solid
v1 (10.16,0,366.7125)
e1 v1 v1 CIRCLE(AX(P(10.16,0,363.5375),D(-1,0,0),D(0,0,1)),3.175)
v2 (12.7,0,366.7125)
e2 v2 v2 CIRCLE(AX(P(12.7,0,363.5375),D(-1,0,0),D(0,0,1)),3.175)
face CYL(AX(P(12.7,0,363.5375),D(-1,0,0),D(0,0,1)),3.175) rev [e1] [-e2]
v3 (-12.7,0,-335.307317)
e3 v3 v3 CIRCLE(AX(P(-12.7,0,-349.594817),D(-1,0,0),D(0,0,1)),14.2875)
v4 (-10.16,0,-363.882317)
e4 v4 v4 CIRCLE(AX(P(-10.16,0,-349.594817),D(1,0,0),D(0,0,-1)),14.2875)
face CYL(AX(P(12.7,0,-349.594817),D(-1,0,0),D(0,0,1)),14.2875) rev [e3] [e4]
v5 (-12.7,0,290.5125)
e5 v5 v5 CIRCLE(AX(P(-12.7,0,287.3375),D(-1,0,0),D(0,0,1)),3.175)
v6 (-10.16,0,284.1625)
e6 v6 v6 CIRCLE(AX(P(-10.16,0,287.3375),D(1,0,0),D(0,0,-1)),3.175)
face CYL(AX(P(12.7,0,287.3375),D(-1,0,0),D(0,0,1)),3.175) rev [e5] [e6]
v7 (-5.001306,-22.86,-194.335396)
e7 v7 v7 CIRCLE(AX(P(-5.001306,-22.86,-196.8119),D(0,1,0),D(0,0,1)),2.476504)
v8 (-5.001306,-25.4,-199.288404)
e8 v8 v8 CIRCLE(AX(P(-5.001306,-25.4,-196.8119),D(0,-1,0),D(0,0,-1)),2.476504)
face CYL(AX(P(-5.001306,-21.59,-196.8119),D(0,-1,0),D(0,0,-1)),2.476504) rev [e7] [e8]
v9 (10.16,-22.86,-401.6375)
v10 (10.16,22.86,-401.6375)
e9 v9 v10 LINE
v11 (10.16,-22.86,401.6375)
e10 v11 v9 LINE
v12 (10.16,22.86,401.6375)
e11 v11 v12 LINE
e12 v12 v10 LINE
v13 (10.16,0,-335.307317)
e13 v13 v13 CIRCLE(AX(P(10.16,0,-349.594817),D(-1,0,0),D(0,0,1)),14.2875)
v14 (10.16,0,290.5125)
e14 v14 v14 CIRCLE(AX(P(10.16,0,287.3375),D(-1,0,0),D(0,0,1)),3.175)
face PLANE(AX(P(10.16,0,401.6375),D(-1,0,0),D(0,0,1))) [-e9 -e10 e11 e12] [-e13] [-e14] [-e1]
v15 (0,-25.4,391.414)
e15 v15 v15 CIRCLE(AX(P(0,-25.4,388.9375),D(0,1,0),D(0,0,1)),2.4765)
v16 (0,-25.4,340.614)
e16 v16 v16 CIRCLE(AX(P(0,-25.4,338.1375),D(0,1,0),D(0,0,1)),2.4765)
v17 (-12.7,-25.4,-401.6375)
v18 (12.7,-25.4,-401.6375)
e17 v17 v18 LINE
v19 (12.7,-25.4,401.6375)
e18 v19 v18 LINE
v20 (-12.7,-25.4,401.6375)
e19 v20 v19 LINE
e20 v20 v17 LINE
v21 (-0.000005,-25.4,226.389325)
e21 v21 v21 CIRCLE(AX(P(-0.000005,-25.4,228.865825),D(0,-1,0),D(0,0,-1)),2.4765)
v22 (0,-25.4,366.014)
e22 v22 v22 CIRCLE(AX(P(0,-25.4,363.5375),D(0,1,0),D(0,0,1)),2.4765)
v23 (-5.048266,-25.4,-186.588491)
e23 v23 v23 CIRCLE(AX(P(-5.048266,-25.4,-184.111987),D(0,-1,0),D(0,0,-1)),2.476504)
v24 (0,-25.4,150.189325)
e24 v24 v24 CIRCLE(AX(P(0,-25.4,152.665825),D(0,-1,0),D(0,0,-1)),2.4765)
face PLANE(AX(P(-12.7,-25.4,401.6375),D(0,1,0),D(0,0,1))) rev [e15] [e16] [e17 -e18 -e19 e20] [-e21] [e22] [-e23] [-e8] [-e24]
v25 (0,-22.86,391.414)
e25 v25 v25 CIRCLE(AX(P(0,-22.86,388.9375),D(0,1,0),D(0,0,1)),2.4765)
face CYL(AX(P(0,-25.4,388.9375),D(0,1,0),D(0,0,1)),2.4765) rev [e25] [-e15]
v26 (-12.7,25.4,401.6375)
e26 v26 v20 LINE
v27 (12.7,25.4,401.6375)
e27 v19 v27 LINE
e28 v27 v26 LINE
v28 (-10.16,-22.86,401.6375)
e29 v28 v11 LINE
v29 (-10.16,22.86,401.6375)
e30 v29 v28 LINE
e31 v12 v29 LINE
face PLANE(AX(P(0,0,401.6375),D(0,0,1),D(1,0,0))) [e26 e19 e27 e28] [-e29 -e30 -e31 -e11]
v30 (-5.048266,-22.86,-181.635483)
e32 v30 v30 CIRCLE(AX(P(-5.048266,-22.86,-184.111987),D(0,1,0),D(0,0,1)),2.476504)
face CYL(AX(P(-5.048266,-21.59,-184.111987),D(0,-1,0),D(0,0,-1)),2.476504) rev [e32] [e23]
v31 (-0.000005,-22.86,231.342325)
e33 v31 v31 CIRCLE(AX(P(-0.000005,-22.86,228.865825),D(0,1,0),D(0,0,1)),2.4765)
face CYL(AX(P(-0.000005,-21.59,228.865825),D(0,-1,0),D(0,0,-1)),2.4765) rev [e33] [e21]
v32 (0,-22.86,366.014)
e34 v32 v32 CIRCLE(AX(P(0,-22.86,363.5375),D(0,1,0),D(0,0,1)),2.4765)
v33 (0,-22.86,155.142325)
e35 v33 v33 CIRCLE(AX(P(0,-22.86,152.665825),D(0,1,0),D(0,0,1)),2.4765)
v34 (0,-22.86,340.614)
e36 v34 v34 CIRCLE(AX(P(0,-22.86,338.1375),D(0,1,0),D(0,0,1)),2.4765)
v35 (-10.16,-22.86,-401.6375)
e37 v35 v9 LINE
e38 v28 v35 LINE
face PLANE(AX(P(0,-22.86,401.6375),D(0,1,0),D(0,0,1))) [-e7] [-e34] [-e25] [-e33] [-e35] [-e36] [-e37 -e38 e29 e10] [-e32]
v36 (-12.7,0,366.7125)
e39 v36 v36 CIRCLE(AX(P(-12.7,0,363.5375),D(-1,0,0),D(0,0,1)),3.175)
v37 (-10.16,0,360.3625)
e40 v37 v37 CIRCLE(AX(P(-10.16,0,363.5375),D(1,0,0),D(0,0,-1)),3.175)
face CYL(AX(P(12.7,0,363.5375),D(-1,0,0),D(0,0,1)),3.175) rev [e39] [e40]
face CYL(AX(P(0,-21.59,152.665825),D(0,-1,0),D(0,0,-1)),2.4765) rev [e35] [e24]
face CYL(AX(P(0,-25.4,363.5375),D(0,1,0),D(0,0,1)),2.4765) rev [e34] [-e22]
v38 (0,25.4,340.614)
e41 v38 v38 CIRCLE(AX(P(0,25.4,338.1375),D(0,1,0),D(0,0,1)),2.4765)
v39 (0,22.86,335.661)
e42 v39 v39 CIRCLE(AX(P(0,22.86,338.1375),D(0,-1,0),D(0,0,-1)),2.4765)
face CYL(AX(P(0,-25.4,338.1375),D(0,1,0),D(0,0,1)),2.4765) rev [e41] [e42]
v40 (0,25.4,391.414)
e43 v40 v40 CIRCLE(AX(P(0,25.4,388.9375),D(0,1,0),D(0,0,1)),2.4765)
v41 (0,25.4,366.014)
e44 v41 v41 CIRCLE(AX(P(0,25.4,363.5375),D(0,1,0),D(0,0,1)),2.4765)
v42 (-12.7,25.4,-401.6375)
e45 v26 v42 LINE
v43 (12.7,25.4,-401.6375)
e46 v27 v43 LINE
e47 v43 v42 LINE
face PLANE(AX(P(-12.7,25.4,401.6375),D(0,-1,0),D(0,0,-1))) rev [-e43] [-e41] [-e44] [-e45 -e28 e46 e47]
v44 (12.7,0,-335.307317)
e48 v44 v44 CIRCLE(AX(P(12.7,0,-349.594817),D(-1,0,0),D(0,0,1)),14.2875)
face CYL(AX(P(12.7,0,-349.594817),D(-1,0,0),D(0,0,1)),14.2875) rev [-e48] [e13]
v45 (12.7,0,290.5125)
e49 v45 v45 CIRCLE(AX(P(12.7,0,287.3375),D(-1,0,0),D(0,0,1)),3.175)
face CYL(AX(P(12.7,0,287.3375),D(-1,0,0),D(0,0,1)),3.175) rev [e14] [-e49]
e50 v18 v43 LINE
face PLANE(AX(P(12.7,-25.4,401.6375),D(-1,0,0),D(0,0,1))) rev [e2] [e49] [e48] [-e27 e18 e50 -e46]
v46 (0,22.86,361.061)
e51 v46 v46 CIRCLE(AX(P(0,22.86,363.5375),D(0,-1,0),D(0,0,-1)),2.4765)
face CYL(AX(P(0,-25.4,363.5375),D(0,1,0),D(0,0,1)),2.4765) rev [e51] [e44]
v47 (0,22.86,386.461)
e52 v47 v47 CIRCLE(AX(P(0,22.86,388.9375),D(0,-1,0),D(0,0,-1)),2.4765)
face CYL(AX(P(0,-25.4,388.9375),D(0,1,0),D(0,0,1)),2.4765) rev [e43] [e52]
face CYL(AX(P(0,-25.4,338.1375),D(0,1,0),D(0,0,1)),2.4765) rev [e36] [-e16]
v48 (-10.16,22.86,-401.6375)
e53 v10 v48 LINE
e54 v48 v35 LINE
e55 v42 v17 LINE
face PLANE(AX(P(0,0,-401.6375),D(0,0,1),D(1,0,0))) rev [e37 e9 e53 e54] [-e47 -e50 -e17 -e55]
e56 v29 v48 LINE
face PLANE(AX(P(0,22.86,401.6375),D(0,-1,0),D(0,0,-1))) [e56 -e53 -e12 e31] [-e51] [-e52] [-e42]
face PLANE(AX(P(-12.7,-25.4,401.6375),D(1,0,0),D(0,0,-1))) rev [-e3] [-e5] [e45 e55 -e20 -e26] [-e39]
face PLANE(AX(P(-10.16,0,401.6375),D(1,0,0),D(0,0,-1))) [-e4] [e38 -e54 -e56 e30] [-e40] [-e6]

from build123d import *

# Parameters (mm, degrees)
SKETCH1_W           = 25.4
SKETCH1_H           = 50.8
SKETCH1_W_2         = 20.32
SKETCH1_H_2         = 45.72
EXTRUDE_THIN1_DEPTH = 401.6375
SKETCH2_R           = 14.2875
CUT_EXTRUDE1_DEPTH  = 26.4
SKETCH3_R           = 3.175
CUT_EXTRUDE2_DEPTH  = 26.4
SKETCH5_R           = 2.4765
CUT_EXTRUDE4_DEPTH  = 3.81
SKETCH7_R           = 2.4765
CUT_EXTRUDE5_DEPTH  = 51.8
SKETCH8_R           = 2.476504233
CUT_EXTRUDE6_DEPTH  = 3.81


with BuildPart() as part:
    # Sketch1 → Extrude-Thin1 (new body, symmetric)
    with BuildSketch(Plane.XY):
        Rectangle(SKETCH1_W, SKETCH1_H)
        Rectangle(SKETCH1_W_2, SKETCH1_H_2, mode=Mode.SUBTRACT)
    extrude(amount=EXTRUDE_THIN1_DEPTH, both=True)

    # Sketch2 → Cut-Extrude1 (cut, through all)
    with BuildSketch(Plane.ZY.offset(12.7)):
        with Locations((-349.59481695, 0)):
            Circle(SKETCH2_R)
    extrude(amount=-CUT_EXTRUDE1_DEPTH, mode=Mode.SUBTRACT)

    # Sketch3 → Cut-Extrude2 (cut, through all)
    with BuildSketch(Plane.ZY.offset(12.7)):
        with Locations((363.5375, 0)):
            Circle(SKETCH3_R)
        with Locations((287.3375, 0)):
            Circle(SKETCH3_R)
    extrude(amount=-CUT_EXTRUDE2_DEPTH, mode=Mode.SUBTRACT)

    # Sketch5 → Cut-Extrude4 (cut)
    with BuildSketch(Plane.XZ.offset(25.4)):
        with Locations((-5.11e-06, 228.865824925)):
            Circle(SKETCH5_R)
        with Locations((0, 152.665824925)):
            Circle(SKETCH5_R)
    extrude(amount=-CUT_EXTRUDE4_DEPTH, mode=Mode.SUBTRACT)

    # Sketch7 → Cut-Extrude5 (cut, through all)
    with BuildSketch(Plane(origin=(0, 25.4, 0), x_dir=(1, 0, 0), z_dir=(0, 1, 0))):
        with Locations((0, -338.1375)):
            Circle(SKETCH7_R)
        with Locations((0, -363.5375)):
            Circle(SKETCH7_R)
        with Locations((0, -388.9375)):
            Circle(SKETCH7_R)
    extrude(amount=-CUT_EXTRUDE5_DEPTH, mode=Mode.SUBTRACT)

    # Sketch8 → Cut-Extrude6 (cut)
    with BuildSketch(Plane.XZ.offset(25.4)):
        with Locations((-5.001306037, -196.8119)):
            Circle(SKETCH8_R)
        with Locations((-5.048266279, -184.111986821)):
            Circle(SKETCH8_R)
    extrude(amount=-CUT_EXTRUDE6_DEPTH, mode=Mode.SUBTRACT)


solid = part.part
